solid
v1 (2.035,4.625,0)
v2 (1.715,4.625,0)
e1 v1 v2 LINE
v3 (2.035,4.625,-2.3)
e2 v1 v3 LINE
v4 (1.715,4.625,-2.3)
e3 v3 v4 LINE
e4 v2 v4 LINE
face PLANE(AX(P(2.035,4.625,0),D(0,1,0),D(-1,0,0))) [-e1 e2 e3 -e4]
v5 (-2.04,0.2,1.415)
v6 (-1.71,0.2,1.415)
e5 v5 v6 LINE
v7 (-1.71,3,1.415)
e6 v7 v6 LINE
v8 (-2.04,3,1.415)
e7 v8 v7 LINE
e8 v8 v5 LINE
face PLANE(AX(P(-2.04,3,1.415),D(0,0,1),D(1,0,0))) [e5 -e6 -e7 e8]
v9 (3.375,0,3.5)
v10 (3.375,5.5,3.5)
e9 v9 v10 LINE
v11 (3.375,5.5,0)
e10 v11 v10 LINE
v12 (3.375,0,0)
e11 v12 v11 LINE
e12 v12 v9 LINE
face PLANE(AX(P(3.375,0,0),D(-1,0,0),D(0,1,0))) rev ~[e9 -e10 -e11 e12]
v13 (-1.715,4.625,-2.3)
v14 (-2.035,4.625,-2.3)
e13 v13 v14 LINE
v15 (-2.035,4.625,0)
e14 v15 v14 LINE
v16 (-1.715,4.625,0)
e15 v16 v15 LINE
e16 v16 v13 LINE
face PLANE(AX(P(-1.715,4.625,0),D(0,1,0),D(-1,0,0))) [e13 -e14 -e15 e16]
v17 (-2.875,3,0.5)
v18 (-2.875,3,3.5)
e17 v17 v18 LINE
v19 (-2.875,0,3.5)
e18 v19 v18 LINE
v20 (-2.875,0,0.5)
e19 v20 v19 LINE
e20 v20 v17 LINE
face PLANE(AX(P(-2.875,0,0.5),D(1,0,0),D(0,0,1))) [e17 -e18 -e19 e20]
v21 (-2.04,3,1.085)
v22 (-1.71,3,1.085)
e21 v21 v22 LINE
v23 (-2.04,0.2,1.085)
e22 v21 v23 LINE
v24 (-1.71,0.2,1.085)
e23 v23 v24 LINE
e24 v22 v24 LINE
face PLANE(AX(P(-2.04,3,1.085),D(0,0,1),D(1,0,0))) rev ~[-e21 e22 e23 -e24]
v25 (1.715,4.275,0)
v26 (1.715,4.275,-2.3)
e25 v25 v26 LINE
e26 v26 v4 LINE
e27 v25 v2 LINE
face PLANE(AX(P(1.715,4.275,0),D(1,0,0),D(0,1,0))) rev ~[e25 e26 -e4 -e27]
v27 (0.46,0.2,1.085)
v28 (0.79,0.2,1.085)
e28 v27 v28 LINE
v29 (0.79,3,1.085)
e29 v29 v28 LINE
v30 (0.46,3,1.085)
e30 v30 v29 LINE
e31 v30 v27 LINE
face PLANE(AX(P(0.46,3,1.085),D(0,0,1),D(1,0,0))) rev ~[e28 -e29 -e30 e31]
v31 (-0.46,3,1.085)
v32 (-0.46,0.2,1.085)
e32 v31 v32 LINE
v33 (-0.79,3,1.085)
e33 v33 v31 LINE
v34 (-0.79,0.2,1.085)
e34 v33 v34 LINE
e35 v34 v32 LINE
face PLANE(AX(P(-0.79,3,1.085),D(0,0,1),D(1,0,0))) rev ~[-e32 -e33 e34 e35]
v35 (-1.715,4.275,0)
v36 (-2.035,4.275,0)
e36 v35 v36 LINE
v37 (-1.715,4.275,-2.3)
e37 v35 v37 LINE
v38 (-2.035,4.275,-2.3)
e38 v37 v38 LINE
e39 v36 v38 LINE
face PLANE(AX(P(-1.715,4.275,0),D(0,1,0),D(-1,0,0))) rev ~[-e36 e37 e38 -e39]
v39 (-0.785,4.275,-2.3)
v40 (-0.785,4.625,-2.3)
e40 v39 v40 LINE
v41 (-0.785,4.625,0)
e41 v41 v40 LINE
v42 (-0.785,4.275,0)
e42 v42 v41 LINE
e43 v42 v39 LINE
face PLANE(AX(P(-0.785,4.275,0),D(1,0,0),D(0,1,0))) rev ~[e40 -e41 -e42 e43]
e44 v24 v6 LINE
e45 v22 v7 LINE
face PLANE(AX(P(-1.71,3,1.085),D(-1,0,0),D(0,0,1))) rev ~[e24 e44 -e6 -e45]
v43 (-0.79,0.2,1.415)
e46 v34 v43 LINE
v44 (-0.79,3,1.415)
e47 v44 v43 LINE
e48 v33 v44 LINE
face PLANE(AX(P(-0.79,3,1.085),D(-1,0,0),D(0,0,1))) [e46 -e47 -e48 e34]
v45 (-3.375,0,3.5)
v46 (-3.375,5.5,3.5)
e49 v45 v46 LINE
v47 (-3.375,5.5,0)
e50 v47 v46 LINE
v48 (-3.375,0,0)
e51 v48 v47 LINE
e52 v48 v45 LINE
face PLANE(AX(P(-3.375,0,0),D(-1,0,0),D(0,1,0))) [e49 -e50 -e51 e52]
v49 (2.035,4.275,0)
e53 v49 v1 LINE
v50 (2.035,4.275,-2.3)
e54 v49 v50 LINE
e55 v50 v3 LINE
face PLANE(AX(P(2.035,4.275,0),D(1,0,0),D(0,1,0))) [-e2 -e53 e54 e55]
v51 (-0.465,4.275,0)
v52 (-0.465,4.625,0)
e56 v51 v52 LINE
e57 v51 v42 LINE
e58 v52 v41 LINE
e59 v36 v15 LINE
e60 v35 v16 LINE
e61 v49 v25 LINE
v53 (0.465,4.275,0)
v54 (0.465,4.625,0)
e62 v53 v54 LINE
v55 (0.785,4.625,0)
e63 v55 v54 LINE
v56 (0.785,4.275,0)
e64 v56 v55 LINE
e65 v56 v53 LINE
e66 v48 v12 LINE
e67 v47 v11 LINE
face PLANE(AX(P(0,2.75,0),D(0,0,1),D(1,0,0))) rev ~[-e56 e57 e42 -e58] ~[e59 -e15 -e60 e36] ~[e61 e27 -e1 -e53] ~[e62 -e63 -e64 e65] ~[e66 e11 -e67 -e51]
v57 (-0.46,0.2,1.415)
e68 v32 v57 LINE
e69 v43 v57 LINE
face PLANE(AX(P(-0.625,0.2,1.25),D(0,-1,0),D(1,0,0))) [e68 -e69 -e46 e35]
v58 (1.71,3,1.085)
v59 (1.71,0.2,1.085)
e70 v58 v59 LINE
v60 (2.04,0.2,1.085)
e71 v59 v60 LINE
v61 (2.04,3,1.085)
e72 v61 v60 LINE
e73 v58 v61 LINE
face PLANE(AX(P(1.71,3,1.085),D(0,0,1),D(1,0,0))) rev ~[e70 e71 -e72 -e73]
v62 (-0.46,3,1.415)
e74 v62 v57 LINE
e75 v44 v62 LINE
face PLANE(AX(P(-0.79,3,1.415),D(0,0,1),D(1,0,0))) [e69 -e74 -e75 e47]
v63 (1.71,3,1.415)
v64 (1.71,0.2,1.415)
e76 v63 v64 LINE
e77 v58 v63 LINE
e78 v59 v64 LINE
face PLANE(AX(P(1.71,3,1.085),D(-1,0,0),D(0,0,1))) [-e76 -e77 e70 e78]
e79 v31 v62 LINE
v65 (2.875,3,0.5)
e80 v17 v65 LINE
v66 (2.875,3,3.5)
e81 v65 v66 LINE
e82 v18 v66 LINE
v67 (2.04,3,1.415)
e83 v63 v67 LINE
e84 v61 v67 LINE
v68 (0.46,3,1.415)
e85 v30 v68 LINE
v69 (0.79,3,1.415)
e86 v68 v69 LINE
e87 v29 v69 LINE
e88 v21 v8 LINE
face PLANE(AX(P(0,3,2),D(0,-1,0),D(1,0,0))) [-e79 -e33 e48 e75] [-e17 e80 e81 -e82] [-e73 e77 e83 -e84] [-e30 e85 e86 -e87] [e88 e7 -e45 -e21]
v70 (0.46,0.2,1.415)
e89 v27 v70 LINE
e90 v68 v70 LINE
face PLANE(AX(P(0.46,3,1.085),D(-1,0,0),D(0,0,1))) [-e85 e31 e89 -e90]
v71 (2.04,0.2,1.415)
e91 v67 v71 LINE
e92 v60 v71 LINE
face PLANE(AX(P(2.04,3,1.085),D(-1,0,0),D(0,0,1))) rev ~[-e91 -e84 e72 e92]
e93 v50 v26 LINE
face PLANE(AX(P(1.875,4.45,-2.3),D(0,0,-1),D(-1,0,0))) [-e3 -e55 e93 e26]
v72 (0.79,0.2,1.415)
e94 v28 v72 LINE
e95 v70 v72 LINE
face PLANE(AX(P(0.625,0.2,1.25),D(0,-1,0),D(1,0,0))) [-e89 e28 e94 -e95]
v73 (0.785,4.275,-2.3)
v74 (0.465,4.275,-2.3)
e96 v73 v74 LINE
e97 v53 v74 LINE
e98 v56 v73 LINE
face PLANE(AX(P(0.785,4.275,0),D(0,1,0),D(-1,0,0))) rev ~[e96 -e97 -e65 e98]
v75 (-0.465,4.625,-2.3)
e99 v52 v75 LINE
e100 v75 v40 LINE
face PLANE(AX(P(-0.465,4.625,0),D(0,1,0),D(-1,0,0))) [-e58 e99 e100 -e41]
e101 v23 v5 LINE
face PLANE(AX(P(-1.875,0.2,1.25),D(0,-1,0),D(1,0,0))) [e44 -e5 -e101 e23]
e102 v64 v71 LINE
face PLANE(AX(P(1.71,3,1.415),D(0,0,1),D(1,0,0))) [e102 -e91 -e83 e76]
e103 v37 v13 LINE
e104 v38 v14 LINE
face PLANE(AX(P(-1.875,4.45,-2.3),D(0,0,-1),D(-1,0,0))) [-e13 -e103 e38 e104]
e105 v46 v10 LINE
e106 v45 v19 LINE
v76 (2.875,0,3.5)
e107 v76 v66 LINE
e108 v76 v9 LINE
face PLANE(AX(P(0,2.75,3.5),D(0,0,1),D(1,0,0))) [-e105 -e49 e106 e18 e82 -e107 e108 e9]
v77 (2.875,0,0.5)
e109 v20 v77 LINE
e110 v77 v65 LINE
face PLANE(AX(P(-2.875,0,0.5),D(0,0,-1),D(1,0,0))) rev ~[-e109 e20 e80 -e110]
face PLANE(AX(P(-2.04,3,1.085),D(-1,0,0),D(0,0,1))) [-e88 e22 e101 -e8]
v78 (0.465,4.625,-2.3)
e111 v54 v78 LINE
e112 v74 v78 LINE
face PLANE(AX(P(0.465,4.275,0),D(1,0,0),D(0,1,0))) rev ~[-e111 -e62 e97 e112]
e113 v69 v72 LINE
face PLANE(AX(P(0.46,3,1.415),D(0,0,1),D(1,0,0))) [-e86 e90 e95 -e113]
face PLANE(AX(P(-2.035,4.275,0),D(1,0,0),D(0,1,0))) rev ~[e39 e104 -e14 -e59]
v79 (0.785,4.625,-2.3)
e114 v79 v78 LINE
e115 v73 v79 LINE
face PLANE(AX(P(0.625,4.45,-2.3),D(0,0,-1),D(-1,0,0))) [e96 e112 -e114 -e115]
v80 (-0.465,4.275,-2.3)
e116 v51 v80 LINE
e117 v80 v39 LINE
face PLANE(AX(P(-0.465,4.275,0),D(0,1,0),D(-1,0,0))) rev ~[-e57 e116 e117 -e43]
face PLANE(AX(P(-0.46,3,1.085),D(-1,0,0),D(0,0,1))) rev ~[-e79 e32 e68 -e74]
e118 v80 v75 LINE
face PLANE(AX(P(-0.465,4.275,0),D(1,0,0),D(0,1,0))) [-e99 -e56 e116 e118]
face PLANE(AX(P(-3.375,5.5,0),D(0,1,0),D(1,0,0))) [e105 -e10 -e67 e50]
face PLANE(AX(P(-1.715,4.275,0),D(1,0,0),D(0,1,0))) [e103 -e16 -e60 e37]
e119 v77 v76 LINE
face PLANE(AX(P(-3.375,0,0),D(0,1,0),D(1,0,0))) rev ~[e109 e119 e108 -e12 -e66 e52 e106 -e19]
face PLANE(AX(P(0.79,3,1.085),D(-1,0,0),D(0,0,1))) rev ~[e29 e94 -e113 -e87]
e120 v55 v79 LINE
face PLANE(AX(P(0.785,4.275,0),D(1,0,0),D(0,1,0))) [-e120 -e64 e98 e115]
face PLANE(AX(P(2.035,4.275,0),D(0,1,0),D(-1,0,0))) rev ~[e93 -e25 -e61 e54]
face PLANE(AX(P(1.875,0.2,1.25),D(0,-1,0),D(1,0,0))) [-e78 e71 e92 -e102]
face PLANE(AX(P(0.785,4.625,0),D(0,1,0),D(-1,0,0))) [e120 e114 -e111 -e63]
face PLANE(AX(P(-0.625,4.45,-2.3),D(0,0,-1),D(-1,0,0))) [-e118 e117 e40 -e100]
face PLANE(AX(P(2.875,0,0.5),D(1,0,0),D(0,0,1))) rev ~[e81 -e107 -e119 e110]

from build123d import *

# Parameters (mm, degrees)
SKETCH_1_W                 = 6.75
SKETCH_1_H                 = 5.5
EXTRUDE_1_DEPTH            = 3.5
SKETCH_2_W                 = 0.32
SKETCH_2_H                 = 0.35
EXTRUDE_2_DEPTH            = 2.3
SKETCH_3_W                 = 5.75
SKETCH_3_H                 = 3
CUT_EXTRUDE_1_DEPTH        = 3
SKETCH_4_W                 = 0.33
SKETCH_4_H                 = 0.33
EXTRUDE_3_DEPTH            = 2.8
PATTERN_LINEAR_3_COUNT     = 2
PATTERN_LINEAR_3_PITCH     = 1.25
PATTERN_LINEAR_3_COL_COUNT = 3
PATTERN_LINEAR_3_COL_PITCH = 1.25


with BuildPart() as part:
    # Эскиз1 → Бобышка-Вытянуть1 (new body)
    with BuildSketch(Plane.XY):
        with Locations((0, 2.75)):
            Rectangle(SKETCH_1_W, SKETCH_1_H)
    extrude(amount=EXTRUDE_1_DEPTH)

    # Эскиз2 → Бобышка-Вытянуть2 (add)
    with BuildSketch(Plane(origin=(0, 0, 0), x_dir=(-1, 0, 0), z_dir=(0, 0, -1))):
        with Locations((-0.625, 4.45)):
            Rectangle(SKETCH_2_W, SKETCH_2_H)
    extrude_2 = extrude(amount=EXTRUDE_2_DEPTH)

    # Эскиз3 → Вырез-Вытянуть1 (cut)
    with BuildSketch(Plane.XZ):
        with Locations((0, 2)):
            Rectangle(SKETCH_3_W, SKETCH_3_H)
    extrude(amount=-CUT_EXTRUDE_1_DEPTH, mode=Mode.SUBTRACT)

    # Эскиз4 → Бобышка-Вытянуть3 (add)
    with BuildSketch(Plane.XZ.offset(-3)):
        with Locations((0.625, 1.25)):
            Rectangle(SKETCH_4_W, SKETCH_4_H)
    extrude_3 = extrude(amount=EXTRUDE_3_DEPTH)

    # Линейный массив3: Бобышка-Вытянуть2, Бобышка-Вытянуть3 ×2
    with Locations(*[(i * PATTERN_LINEAR_3_PITCH, 0, 0) for i in range(1, PATTERN_LINEAR_3_COUNT)]):
        add(extrude_2)
        add(extrude_3)

    # Линейный массив3 col: Бобышка-Вытянуть2, Бобышка-Вытянуть3 ×3
    with Locations(*[(-i * PATTERN_LINEAR_3_COL_PITCH, 0, 0) for i in range(1, PATTERN_LINEAR_3_COL_COUNT)]):
        add(extrude_2)
        add(extrude_3)


solid = part.part
